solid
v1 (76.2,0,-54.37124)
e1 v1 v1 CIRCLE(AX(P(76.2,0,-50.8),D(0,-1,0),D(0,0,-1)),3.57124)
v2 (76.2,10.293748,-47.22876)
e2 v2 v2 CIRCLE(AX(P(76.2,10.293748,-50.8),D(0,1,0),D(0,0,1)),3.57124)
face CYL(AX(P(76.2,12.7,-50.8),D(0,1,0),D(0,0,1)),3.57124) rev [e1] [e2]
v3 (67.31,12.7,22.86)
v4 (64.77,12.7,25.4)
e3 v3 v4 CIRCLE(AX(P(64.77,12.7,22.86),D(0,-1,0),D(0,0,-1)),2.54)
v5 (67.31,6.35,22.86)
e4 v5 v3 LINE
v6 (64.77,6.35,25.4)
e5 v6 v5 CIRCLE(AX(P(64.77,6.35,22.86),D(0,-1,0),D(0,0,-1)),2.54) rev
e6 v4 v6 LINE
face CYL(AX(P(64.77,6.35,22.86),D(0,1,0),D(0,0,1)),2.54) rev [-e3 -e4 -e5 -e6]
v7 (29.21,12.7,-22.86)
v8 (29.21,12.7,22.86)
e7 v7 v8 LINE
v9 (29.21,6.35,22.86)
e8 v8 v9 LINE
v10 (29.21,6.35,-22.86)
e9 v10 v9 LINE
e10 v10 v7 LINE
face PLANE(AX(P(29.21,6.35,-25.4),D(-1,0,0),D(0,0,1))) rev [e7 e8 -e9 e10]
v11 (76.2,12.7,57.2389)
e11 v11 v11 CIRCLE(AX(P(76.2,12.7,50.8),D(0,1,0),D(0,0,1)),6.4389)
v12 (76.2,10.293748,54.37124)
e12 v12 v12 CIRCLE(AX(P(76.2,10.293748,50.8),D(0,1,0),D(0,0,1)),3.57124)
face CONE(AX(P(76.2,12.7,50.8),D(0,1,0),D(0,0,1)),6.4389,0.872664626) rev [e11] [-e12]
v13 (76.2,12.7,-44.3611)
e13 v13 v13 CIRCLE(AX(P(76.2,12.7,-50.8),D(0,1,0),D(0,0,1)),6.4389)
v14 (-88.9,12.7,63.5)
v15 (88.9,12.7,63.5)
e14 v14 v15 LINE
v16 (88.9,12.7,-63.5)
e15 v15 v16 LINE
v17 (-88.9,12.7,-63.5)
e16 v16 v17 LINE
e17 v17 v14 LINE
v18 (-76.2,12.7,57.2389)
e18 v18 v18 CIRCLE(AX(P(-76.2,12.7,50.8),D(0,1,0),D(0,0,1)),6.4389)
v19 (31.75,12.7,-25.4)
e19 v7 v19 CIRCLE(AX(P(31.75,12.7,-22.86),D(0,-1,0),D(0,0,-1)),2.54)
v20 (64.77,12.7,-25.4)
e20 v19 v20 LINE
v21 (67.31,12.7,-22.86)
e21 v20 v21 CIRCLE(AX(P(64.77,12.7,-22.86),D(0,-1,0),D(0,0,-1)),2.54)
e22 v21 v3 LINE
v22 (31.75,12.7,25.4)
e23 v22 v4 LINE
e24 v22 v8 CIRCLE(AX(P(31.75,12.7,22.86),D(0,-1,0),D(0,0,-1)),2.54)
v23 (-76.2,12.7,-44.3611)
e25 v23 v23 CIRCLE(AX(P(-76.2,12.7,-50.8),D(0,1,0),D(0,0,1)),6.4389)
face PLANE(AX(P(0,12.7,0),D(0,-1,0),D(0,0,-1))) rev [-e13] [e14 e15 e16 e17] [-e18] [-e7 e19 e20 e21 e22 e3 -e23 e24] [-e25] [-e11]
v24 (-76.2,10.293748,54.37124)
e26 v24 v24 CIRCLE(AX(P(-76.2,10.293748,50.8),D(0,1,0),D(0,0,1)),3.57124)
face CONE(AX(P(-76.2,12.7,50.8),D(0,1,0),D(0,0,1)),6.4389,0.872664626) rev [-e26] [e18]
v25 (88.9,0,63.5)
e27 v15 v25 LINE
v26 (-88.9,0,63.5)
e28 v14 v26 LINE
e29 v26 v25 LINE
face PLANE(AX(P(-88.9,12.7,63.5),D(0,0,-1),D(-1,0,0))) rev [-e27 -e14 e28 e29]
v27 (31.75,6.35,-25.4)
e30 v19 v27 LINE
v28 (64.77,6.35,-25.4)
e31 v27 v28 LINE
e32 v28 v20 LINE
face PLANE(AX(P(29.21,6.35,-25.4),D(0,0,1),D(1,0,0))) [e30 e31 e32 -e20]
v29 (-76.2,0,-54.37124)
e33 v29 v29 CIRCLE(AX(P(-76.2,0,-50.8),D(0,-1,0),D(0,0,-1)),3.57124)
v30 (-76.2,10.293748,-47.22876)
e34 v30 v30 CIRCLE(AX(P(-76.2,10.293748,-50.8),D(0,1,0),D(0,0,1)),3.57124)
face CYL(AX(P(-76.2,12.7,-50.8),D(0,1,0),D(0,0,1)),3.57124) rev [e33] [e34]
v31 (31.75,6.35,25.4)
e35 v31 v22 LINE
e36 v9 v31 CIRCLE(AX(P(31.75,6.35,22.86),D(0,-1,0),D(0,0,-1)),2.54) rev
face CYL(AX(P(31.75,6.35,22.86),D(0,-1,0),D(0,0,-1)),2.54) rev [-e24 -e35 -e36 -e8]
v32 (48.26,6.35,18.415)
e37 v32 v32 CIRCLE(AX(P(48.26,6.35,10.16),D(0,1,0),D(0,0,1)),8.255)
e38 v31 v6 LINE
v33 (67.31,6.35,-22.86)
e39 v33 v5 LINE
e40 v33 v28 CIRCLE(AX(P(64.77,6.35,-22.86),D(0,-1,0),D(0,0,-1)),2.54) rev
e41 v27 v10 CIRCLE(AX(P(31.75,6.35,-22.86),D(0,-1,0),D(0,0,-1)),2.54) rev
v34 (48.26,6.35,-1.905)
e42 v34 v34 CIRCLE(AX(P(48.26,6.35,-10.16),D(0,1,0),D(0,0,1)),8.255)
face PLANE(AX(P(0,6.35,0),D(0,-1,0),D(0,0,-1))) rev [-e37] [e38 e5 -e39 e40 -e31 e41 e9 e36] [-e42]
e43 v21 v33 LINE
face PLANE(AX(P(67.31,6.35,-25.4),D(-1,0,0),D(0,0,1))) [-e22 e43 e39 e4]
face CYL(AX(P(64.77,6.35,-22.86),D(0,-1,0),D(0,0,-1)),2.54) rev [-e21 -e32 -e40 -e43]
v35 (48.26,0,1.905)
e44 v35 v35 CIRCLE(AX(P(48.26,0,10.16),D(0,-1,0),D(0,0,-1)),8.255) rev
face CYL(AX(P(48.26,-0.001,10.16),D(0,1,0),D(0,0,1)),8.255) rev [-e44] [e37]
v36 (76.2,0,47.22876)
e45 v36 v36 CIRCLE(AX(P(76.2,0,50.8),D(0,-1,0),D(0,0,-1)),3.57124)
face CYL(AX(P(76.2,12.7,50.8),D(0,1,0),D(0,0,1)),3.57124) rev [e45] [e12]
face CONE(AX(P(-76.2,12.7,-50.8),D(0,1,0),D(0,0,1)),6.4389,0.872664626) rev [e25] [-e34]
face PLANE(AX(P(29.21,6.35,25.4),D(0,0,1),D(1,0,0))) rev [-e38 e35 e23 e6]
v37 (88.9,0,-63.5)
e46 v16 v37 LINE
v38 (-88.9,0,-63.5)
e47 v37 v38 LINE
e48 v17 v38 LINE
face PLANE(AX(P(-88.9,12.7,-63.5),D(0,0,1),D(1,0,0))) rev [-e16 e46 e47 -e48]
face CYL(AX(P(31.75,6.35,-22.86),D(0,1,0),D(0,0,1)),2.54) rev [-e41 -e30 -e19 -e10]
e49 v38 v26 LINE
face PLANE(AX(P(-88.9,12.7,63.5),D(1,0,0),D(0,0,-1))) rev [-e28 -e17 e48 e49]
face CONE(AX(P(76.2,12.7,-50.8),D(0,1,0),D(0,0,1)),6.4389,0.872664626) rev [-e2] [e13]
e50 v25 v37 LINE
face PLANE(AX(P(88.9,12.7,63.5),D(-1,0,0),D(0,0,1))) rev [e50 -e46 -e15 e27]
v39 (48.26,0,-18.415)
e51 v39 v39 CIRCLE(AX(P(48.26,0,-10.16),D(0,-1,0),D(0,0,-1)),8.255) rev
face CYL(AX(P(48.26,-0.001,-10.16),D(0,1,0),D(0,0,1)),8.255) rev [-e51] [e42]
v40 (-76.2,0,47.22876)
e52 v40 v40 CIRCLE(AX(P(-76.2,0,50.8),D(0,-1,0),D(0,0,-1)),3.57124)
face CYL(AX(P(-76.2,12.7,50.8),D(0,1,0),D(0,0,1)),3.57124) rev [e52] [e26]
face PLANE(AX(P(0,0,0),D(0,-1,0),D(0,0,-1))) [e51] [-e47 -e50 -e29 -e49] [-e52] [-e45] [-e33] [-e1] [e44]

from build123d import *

# Parameters (mm, degrees)
SKETCH1_W                                           = 177.8
SKETCH1_H                                           = 127
BOSS_EXTRUDE1_DEPTH                                 = 12.7
CSK_FOR_1_4_FLAT_HEAD_MACHINE_SCREW_100_D           = 7.14248
CSK_FOR_1_4_FLAT_HEAD_MACHINE_SCREW_100_CSINK_D     = 12.8778
CSK_FOR_1_4_FLAT_HEAD_MACHINE_SCREW_100_CSINK_ANGLE = 100
SKETCH6_W                                           = 38.1
SKETCH6_H                                           = 50.8
CUT_EXTRUDE1_DEPTH                                  = 6.35
CUT_EXTRUDE2_REACH                                  = 111.434
SKETCH8_R                                           = 8.255
CUT_EXTRUDE3_REACH                                  = 111.434
SKETCH7_R                                           = 8.255
FILLET1_R                                           = 2.54


with BuildPart() as part:
    # Sketch1 → Boss-Extrude1 (new body)
    with BuildSketch(Plane(origin=(0, 0, 0), x_dir=(1, 0, 0), z_dir=(0, 1, 0))):
        Rectangle(SKETCH1_W, SKETCH1_H)
    extrude(amount=BOSS_EXTRUDE1_DEPTH)

    # CSK for 1/4 Flat Head Machine Screw (100)1 (through all)
    with Locations(Plane(origin=(0, 12.7, 0), x_dir=(1, 0, 0), z_dir=(0, 1, 0))):
        with Locations((-76.2, -50.8), (76.2, -50.8), (76.2, 50.8), (-76.2, 50.8)):
            CounterSinkHole(CSK_FOR_1_4_FLAT_HEAD_MACHINE_SCREW_100_D / 2, CSK_FOR_1_4_FLAT_HEAD_MACHINE_SCREW_100_CSINK_D / 2, counter_sink_angle=CSK_FOR_1_4_FLAT_HEAD_MACHINE_SCREW_100_CSINK_ANGLE)

    # Sketch6 → Cut-Extrude1 (cut)
    with BuildSketch(Plane(origin=(0, 12.7, 0), x_dir=(1, 0, 0), z_dir=(0, 1, 0))):
        with Locations((48.26, 0)):
            Rectangle(SKETCH6_W, SKETCH6_H)
    extrude(amount=-CUT_EXTRUDE1_DEPTH, mode=Mode.SUBTRACT)

    # Sketch8 → Cut-Extrude2 (cut, up to next)
    with BuildSketch(Plane(origin=(0, 6.35, 0), x_dir=(1, 0, 0), z_dir=(0, 1, 0)), mode=Mode.PRIVATE) as cut_extrude2_sk1:
        with Locations(Location((48.26, 10.16, 0), (0, 0, 270))):
            Circle(SKETCH8_R)
    cut_extrude2_tool1 = extrude(cut_extrude2_sk1.sketch, amount=-CUT_EXTRUDE2_REACH, mode=Mode.PRIVATE) & part.part
    add(cut_extrude2_tool1.solids().sort_by_distance((48.26, 6.35, -10.16))[0], mode=Mode.SUBTRACT)

    # Sketch7 → Cut-Extrude3 (cut, up to next)
    with BuildSketch(Plane(origin=(0, 6.35, 0), x_dir=(1, 0, 0), z_dir=(0, 1, 0)), mode=Mode.PRIVATE) as cut_extrude3_sk1:
        with Locations(Location((48.26, -10.16, 0), (0, 0, 270))):
            Circle(SKETCH7_R)
    cut_extrude3_tool1 = extrude(cut_extrude3_sk1.sketch, amount=-CUT_EXTRUDE3_REACH, mode=Mode.PRIVATE) & part.part
    add(cut_extrude3_tool1.solids().sort_by_distance((48.26, 6.35, 10.16))[0], mode=Mode.SUBTRACT)

    # Fillet1
    fillet1_edges = [part.edges().sort_by_distance(p)[0] for p in [
        (29.21, 9.525, -25.4),
        (67.31, 9.525, -25.4),
        (67.31, 9.525, 25.4),
        (29.21, 9.525, 25.4),
    ]]
    fillet(fillet1_edges, radius=FILLET1_R)


solid = part.part
